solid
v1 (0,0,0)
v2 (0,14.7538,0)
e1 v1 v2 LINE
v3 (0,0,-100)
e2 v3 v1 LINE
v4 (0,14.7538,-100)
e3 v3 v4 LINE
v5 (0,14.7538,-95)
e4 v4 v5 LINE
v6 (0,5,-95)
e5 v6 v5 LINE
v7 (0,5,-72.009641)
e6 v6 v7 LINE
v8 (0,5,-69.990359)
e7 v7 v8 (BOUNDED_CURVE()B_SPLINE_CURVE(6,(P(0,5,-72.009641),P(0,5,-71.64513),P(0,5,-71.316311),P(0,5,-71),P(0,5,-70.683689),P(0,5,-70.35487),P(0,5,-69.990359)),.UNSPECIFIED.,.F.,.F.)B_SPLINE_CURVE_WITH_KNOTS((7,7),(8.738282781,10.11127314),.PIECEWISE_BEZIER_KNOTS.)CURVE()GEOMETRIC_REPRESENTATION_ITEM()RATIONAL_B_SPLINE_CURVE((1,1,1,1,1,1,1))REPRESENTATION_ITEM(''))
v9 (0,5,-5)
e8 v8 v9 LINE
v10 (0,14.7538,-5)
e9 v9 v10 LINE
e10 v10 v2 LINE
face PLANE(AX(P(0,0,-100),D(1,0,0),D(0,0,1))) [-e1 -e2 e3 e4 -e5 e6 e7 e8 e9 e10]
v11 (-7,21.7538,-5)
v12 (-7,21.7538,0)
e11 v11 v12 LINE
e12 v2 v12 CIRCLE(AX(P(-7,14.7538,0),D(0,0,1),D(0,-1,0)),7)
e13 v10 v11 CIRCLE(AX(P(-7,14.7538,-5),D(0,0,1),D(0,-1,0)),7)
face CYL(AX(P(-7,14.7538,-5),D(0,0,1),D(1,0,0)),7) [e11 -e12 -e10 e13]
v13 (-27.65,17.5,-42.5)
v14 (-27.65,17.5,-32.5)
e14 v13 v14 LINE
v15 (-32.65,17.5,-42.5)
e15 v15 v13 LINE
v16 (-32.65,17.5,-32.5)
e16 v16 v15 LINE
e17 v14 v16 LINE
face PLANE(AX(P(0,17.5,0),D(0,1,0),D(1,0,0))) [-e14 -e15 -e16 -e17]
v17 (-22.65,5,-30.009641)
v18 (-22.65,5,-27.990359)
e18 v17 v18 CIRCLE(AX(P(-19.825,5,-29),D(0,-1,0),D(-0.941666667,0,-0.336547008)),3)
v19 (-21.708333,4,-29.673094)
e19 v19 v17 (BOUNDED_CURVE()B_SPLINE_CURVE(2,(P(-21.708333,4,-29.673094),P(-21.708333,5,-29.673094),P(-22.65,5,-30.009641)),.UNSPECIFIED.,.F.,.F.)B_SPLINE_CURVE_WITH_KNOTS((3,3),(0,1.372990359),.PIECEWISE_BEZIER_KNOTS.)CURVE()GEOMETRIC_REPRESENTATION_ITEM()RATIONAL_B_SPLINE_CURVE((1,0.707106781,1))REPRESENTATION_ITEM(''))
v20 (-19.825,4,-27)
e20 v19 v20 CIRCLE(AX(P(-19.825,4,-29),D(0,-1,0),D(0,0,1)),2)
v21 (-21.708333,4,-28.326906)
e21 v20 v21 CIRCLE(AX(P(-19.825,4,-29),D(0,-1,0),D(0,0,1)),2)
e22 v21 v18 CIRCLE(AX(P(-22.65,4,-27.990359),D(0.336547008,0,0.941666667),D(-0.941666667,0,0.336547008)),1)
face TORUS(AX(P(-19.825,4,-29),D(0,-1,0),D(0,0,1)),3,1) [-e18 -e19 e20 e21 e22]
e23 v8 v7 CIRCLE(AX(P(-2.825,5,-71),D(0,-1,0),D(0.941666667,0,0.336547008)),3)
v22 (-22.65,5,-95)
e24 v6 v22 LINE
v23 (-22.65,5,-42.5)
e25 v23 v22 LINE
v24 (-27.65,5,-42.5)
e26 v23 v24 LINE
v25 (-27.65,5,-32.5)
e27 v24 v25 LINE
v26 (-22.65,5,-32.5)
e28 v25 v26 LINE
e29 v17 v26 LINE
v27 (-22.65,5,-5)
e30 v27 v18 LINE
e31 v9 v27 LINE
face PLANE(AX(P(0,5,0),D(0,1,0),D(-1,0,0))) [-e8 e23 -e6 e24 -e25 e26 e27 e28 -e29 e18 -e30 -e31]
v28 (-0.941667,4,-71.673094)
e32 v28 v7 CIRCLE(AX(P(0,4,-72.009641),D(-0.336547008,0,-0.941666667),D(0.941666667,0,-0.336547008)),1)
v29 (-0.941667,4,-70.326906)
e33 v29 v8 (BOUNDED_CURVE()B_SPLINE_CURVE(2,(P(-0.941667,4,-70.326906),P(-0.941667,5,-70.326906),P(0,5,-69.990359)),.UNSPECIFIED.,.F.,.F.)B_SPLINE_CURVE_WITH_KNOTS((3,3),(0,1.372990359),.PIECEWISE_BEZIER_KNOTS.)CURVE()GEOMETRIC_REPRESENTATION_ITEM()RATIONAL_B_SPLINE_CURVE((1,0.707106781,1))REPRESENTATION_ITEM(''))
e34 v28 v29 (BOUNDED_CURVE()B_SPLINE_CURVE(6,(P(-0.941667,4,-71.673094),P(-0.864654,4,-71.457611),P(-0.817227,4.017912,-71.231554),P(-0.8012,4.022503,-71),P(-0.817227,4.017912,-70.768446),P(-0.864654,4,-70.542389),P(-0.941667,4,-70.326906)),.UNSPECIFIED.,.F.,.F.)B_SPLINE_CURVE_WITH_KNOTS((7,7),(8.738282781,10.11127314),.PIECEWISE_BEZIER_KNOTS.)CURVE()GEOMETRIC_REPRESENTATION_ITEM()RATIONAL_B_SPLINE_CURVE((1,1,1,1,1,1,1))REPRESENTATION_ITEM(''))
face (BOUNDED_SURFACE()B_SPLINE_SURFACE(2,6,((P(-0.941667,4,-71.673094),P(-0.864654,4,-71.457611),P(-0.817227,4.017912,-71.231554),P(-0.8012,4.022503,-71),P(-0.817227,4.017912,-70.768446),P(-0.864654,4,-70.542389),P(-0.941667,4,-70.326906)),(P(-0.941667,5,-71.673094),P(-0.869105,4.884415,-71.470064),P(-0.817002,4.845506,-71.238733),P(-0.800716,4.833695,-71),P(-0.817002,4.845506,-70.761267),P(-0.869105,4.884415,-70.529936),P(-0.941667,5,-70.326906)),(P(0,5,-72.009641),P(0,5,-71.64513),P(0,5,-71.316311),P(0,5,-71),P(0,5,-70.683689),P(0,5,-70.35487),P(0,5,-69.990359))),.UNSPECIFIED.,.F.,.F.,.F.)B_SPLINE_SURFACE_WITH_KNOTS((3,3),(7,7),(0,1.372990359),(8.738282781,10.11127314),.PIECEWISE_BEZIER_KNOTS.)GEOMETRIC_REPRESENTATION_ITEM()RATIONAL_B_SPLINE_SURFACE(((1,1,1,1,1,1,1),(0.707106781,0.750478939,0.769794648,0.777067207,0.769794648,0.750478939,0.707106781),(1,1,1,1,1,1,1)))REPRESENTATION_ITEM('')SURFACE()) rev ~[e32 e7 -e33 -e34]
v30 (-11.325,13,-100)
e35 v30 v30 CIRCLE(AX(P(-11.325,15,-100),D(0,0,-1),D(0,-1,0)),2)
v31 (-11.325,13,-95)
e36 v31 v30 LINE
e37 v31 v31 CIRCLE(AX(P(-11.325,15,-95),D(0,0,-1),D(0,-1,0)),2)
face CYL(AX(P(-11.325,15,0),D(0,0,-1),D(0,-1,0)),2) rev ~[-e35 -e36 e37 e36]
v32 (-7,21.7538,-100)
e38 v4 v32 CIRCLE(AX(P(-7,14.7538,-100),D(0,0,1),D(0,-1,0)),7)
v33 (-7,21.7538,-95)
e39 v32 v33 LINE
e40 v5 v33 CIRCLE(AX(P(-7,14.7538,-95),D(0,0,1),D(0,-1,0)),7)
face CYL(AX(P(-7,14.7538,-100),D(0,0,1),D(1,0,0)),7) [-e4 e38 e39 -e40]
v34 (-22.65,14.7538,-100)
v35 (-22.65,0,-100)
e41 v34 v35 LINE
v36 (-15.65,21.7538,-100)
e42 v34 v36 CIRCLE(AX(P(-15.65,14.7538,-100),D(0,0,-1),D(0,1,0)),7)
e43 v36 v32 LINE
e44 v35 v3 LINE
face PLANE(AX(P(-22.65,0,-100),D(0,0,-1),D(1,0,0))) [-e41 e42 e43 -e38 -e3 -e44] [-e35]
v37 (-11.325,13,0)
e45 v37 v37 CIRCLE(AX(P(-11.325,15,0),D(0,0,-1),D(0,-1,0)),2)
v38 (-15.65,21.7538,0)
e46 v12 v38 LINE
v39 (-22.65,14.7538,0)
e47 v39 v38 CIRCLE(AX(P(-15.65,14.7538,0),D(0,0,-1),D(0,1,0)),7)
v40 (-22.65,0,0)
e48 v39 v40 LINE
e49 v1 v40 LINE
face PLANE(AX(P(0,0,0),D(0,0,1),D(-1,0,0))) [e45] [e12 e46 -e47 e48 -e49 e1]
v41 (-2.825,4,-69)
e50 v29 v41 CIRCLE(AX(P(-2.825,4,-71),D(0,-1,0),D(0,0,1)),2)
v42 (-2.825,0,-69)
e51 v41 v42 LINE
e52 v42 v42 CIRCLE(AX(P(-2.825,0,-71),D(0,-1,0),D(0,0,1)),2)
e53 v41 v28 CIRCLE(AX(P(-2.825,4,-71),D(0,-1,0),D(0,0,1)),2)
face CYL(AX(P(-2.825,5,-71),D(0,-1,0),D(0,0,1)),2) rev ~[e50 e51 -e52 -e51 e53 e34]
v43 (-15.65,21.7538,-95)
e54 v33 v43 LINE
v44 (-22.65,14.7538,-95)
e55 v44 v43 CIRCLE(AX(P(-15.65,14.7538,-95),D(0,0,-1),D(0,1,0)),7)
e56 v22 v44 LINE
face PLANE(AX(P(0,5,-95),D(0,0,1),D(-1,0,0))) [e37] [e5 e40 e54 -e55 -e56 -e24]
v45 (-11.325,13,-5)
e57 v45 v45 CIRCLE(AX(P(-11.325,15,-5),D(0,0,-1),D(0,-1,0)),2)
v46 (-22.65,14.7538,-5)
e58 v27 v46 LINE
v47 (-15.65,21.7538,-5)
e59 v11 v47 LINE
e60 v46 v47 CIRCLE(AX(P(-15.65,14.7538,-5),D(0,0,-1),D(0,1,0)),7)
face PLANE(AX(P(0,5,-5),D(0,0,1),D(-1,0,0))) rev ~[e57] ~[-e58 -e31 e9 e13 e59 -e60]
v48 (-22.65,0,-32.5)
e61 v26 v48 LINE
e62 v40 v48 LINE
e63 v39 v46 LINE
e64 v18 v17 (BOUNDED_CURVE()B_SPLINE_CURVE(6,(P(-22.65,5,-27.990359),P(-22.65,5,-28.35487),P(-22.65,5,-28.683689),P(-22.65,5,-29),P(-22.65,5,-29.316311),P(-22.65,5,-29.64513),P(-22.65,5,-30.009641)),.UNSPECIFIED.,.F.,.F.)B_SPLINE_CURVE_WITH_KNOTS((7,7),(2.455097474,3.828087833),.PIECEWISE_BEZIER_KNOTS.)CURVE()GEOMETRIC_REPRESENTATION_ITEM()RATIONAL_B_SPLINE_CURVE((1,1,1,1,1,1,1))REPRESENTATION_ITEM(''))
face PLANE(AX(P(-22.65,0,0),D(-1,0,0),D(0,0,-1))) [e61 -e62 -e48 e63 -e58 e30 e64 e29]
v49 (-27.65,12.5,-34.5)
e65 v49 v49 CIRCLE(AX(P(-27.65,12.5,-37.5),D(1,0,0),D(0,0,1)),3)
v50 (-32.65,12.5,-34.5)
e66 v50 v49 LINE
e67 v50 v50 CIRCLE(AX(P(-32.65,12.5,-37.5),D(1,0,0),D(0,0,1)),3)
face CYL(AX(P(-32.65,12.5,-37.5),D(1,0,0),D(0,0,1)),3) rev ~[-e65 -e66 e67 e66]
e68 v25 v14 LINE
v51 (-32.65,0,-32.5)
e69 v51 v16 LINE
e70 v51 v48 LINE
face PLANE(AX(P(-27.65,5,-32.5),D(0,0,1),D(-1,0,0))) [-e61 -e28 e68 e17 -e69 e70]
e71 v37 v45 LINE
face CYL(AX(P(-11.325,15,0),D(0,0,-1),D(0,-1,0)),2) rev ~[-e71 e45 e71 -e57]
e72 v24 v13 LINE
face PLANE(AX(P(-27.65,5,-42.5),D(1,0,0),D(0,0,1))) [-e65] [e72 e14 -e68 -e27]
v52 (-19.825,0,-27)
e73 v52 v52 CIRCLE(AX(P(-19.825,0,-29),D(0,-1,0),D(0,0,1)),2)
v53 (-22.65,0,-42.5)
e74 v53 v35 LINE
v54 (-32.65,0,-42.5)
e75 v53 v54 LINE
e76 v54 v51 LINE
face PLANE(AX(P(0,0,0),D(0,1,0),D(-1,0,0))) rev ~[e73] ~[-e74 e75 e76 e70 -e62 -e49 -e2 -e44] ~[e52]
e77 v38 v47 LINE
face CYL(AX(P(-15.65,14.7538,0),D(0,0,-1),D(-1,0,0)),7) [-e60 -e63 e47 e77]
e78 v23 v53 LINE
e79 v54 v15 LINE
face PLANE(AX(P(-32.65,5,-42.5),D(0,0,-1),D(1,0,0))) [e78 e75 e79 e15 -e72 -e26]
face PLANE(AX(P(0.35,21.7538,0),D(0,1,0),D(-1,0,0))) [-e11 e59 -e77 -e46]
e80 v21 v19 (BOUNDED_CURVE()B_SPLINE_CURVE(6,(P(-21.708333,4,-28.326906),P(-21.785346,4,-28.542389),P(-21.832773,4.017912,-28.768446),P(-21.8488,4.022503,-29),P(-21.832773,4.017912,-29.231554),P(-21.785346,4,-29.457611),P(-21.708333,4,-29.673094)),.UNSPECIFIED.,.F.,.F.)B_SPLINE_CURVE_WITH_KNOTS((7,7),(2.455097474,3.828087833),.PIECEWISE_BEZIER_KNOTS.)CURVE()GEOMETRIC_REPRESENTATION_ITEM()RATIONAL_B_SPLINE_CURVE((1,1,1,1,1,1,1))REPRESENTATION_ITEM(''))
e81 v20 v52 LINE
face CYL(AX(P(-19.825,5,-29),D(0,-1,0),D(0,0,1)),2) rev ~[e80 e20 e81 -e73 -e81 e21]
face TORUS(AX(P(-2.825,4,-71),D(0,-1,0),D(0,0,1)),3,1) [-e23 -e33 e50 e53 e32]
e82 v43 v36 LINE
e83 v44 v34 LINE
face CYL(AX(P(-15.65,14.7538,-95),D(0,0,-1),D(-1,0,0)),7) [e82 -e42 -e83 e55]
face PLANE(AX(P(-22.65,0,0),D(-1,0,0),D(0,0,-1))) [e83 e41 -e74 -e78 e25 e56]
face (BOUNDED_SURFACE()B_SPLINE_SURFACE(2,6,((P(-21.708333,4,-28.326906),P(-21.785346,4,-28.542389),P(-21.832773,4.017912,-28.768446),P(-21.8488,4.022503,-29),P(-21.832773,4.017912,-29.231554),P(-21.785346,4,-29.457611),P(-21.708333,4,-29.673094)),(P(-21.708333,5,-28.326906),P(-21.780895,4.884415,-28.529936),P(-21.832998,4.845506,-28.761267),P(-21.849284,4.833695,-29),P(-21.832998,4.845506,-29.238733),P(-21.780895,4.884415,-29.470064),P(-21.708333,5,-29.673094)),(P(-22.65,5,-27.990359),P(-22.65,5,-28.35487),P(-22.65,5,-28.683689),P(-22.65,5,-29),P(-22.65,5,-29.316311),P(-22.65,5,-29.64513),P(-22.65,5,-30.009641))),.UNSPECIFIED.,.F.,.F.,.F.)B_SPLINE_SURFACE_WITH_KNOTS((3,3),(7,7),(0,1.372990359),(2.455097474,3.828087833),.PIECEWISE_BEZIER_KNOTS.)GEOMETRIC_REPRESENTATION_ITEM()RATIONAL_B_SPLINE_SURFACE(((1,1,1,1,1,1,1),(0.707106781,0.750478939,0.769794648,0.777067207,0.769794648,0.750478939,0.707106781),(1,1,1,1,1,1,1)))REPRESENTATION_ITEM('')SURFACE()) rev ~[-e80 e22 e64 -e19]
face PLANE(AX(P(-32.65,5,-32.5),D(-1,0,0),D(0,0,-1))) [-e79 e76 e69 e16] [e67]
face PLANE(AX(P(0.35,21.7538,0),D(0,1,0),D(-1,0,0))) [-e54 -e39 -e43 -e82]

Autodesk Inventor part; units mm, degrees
ref_plane "YZ Plane" through (0, 0, 0) normal (1, 0, 0) x (0, 1, 0)
ref_plane "XZ Plane" through (0, 0, 0) normal (0, 1, 0) x (-1, 0, 0)
ref_plane "XY Plane" through (0, 0, 0) normal (0, 0, 1) x (1, 0, 0)
sketch "Sketch1" plane through (0, 0, 0) normal (0, 1, 0) x (-1, 0, 0)
  line L0 (0, 0) -> (22.65, 0)
  line L1 (22.65, 0) -> (22.65, -100)
  line L2 (22.65, -100) -> (0, -100)
  line L3 (0, -100) -> (0, 0)
  dimension "d0" = 22.65
  dimension "d1" = 100
extrude "Extrusion1" add sketch "Sketch1" along normal blind 5
sketch "Sketch2" plane through (0, 5, 0) normal (0, 1, 0) x (1, 0, 0)
  line L0 (-22.65, 0) -> (0, 0) projected
  line L1 (0, 0) -> (0, 100) projected
  line L2 (-22.65, 0) -> (0, 0)
  line L3 (0, 0) -> (0, 5)
  line L4 (0, 5) -> (-22.65, 5)
  line L5 (-22.65, 5) -> (-22.65, 0)
  line L6 (-22.65, 100) -> (-22.65, 0) projected
  line L7 (-22.65, 100) -> (0, 100)
  line L8 (0, 100) -> (0, 95)
  line L9 (0, 95) -> (-22.65, 95)
  line L10 (-22.65, 95) -> (-22.65, 100)
  dimension "d4" = 5
  dimension "d5" = 5
extrude "Extrusion2" add sketch "Sketch2" along normal blind 40 contours L5 L4 L1 L0 | L6 L7 L1 L9
sketch "Sketch3" plane through (-22.65, 0, 0) normal (0, 0, 1) x (1, 0, 0)
  point P0 (22.65, 0)
sketch "Sketch4" plane through (-22.65, 0, 0) normal (0, 0, 1) x (1, 0, 0)
  line L0 (22.65, 0) -> (0, 0) projected
  line L1 (22.65, 0) -> (0, 0)
  line L2 (0, 0) -> (11.325, 0)
  line L3 (11.325, 0) -> (11.325, 45)
  line L4 (22.65, 45) -> (0, 45) projected
  line L5 (0, 5) -> (22.65, 5) projected
  line L6 (22.65, 5) -> (0, 5)
  line L7 (11.325, 5) -> (11.325, 15) construction
  dimension "d8" = 10
hole "Hole1" at (-11.325, 15, 0) direction (0, 0, -1) diameter 4 depth 115 tip angle 118
sketch "Sketch5" plane through (-22.65, 0, 0) normal (0, 0, 1) x (1, 0, 0)
  line L0 (0, 5) -> (0, 45) projected
  line L1 (0, 45) -> (23, 45)
  line L2 (23, 45) -> (23, 21.7538)
  line L3 (23, 21.7538) -> (0, 21.7538)
  line L4 (0, 21.7538) -> (0, 45)
  point P0 (22.65, 0)
  dimension "d16" = 23
extrude "Extrusion3" cut sketch "Sketch5" against normal blind 102.75
sketch "Sketch6" plane through (0, 5, 0) normal (0, 1, 0) x (1, 0, 0)
  line L0 (0, 95) -> (-22.65, 95) construction
  line L1 (-22.65, 5) -> (0, 5) construction
  line L2 (0, 95) -> (0, 5) construction
  line L3 (0, 5) -> (-1.175, 5) construction
  line L4 (-1.175, 5) -> (-1.175, 95) construction
  line L5 (-1.175, 50) -> (-22.65, 50) construction
  line L6 (-22.65, 95) -> (-22.65, 5) construction
  line L7 (0, 5) -> (0, 95) construction
  line L8 (0, 5) -> (-22.65, 5) construction
  line L9 (-13.325, 5) -> (-9.325, 5) construction
  line L10 (-11.325, 5) -> (-11.325, 95) construction
  line L11 (-11.325, 50) -> (-2.825, 50) construction
  line L12 (-2.825, 50) -> (-2.825, 71) construction
  line L13 (-11.325, 50) -> (-19.825, 50) construction
  line L14 (-11.325, 50) -> (-2.825, 50) construction
  line L15 (-19.825, 50) -> (-19.825, 29) construction
  point P0 (0, 0)
  dimension "d19" = 1.175
  dimension "d20" = 8.5
  dimension "d21" = 21
  dimension "d22" = 90
  dimension "d23" = 8.5
  dimension "d24" = 180
  dimension "d25" = 21
hole "Hole2" at (-2.825, 5, -71) at (-19.825, 5, -29) direction (0, -1, 0) diameter 4 depth 115 tip angle 118
fillet "Fillet1" radius 1 2 edges at (-2.825, 5, -73) (-19.825, 5, -31)
sketch "Sketch7" plane through (0, 5, 0) normal (0, 1, 0) x (1, 0, 0)
  circle A0 centre (-2.825, 71) radius 2 construction
  line L0 (-2.825, 71) -> (-22.65, 71) construction
  line L1 (-22.65, 0) -> (-22.65, 100) construction
  circle A1 centre (-19.825, 29) radius 2 construction
  line L2 (-19.825, 29) -> (-19.825, 32.5) construction
  line L3 (-19.825, 32.5) -> (-35.65, 32.5) construction
  line L4 (-22.65, 32.5) -> (-32.65, 32.5) construction
  line L5 (-32.65, 32.5) -> (-32.65, 42.5) construction
  line L6 (-32.65, 42.5) -> (-22.65, 42.5) construction
  line L7 (-22.65, 42.5) -> (-22.65, 32.5) construction
  line L8 (-22.65, 42.5) -> (-32.65, 42.5)
  line L9 (-32.65, 42.5) -> (-32.65, 32.5)
  line L10 (-32.65, 32.5) -> (-22.65, 32.5)
  line L11 (-22.65, 32.5) -> (-22.65, 42.5)
  point P0 (0, 0)
  dimension "d34" = 3.5
  dimension "d35" = 15.825
  dimension "d36" = 10
  dimension "d37" = 10
extrude "Extrusion4" add sketch "Sketch7" against normal blind 5
sketch "Sketch8" plane through (0, 5, 0) normal (0, 1, 0) x (1, 0, 0)
  line L0 (-32.65, 42.5) -> (-22.65, 42.5) projected
  line L1 (-22.65, 32.5) -> (-32.65, 32.5) projected
  line L2 (-32.65, 42.5) -> (-27.65, 42.5)
  line L3 (-27.65, 42.5) -> (-27.65, 32.5)
  line L4 (-27.65, 32.5) -> (-32.65, 32.5)
  line L5 (-32.65, 32.5) -> (-32.65, 42.5)
  point P0 (0, 0)
  dimension "d40" = 5
extrude "Extrusion5" add sketch "Sketch8" along normal blind 12.5
sketch "Sketch9" plane through (-32.65, 0, -42.5) normal (-1, 0, 0) x (0, 0, 1)
  line L0 (0, 17.5) -> (0, 0) construction
  line L1 (0, 17.5) -> (5, 17.5) construction
  line L2 (10, 17.5) -> (0, 17.5) construction
  line L3 (10, 0) -> (0, 0) construction
  line L4 (5, 0) -> (5, 17.5) construction
  point P0 (42.5, 0)
  point P1 (5, 12.5)
hole "Hole3" at (-32.65, 12.5, -37.5) direction (1, 0, 0) diameter 6 depth 115 tip angle 118
fillet "Fillet2" radius 7 4 edges at (-22.65, 21.7538, -97.5) (-22.65, 21.7538, -2.5) (0, 21.7538, -2.5) (0, 21.7538, -97.5)
properties part number "mtv_axelHolder(pushingAxel)1-13"
